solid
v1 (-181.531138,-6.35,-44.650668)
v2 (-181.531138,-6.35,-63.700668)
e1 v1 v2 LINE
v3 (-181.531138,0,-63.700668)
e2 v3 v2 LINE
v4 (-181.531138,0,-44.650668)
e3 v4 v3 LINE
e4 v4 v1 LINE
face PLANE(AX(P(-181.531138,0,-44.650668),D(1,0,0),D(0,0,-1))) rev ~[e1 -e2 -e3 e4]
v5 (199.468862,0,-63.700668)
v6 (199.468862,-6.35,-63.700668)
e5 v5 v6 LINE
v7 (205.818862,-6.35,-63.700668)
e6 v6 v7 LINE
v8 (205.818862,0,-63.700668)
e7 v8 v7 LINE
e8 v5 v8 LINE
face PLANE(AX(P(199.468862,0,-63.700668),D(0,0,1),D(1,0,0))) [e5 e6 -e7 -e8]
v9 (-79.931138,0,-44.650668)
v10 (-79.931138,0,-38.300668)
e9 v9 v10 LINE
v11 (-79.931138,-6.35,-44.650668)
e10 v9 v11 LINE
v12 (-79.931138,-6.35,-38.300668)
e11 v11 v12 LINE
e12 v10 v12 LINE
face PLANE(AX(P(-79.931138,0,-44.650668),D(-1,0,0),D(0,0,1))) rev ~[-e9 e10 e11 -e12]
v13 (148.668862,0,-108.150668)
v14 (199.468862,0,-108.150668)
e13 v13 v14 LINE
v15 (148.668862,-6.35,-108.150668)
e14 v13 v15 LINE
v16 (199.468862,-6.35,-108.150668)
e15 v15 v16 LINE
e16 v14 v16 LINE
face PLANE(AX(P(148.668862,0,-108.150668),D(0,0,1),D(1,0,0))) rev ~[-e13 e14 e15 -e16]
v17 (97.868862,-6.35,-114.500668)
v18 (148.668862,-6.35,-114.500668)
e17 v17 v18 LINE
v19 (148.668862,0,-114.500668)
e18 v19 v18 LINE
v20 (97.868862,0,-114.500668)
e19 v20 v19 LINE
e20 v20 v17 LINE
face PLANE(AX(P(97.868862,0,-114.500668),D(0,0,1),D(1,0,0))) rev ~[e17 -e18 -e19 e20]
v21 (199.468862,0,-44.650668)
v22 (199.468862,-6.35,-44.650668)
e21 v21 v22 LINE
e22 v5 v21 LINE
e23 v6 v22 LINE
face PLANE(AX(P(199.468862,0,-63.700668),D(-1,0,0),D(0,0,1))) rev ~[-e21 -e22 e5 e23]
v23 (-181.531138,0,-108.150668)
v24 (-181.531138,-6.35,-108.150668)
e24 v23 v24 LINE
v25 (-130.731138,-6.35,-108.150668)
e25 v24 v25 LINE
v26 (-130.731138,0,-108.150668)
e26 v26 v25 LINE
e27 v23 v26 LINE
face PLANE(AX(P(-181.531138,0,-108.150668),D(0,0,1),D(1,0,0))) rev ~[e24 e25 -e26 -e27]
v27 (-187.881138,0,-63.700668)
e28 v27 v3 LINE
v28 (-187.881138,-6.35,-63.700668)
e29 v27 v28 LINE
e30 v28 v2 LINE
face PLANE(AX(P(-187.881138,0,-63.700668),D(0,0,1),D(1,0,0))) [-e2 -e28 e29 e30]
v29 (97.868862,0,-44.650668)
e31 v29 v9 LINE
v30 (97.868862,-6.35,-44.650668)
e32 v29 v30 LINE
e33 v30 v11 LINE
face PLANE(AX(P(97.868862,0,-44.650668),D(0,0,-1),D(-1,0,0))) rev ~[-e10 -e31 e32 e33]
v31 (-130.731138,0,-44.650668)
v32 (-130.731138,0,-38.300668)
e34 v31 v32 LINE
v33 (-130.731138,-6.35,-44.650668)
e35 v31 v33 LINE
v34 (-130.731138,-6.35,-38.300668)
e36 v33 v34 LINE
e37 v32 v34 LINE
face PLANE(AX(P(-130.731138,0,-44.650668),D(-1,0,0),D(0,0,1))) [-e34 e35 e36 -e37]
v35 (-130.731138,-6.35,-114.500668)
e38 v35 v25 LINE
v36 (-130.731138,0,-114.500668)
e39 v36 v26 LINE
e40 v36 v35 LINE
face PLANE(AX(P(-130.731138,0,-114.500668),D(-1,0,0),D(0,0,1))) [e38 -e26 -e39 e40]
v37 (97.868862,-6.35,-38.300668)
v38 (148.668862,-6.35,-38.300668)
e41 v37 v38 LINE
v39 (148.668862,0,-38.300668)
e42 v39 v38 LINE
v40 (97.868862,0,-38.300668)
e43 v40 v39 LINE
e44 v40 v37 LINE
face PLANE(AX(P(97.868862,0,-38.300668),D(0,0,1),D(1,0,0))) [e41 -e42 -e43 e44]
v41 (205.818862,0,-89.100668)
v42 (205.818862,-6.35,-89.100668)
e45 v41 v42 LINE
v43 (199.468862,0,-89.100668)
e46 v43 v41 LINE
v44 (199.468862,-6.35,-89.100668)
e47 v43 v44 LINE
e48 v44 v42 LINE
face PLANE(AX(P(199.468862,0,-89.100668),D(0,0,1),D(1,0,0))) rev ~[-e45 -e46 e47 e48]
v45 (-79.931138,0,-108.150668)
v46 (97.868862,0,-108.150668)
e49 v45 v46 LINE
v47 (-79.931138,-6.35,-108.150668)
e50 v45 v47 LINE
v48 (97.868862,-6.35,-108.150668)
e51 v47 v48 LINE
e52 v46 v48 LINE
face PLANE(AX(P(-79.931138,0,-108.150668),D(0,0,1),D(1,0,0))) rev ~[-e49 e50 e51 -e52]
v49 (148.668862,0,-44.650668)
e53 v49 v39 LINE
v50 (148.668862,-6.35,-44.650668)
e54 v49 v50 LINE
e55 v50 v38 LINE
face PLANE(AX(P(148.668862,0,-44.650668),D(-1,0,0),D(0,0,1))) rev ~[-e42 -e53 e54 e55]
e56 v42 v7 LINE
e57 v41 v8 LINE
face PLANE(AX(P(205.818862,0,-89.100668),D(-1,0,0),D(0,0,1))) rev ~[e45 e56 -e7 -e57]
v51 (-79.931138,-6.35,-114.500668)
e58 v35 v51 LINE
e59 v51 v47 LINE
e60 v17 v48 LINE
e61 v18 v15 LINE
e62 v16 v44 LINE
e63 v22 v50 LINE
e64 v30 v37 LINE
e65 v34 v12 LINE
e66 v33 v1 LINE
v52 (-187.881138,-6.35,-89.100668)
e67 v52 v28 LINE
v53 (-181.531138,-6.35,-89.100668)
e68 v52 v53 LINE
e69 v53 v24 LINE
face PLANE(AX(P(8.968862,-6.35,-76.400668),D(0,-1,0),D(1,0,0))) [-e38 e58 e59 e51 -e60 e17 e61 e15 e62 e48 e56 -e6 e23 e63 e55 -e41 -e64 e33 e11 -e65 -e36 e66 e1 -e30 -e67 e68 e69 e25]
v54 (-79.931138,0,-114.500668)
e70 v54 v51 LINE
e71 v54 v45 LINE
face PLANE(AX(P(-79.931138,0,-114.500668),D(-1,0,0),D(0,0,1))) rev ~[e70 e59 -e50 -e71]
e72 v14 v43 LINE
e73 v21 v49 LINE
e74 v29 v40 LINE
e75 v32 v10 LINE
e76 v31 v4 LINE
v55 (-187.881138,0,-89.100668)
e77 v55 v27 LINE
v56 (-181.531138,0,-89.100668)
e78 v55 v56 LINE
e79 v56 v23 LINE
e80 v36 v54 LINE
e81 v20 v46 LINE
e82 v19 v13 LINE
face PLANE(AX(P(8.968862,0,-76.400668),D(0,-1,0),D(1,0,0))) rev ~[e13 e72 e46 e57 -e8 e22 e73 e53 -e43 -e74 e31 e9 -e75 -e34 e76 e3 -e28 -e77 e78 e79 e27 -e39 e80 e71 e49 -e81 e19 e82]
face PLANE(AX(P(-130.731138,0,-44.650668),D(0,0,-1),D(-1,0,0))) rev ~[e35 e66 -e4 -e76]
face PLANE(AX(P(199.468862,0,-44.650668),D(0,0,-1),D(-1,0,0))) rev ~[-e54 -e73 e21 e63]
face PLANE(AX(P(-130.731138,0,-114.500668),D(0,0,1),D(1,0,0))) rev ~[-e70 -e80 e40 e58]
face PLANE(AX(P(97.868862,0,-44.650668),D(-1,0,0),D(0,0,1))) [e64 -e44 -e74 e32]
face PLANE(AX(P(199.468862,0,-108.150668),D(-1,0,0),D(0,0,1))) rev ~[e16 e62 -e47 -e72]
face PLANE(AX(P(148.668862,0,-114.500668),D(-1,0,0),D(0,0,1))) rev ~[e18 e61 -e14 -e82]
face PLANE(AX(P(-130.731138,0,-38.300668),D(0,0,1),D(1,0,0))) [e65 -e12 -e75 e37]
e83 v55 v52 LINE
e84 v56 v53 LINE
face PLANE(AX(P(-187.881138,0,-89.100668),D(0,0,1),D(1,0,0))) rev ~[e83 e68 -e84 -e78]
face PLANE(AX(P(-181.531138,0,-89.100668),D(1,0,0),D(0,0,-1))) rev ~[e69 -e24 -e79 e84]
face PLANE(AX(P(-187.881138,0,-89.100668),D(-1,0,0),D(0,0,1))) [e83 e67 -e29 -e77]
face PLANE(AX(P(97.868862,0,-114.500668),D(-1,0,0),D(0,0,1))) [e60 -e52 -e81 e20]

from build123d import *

# Parameters (mm, degrees)
F0_W     = 50.8
F0_H     = 6.35
F0_W_2   = 6.35
F0_H_2   = 25.4
F1_DEPTH = 6.35


with BuildPart() as f1:
    # F0 (on Front) → F1 (new body)
    with BuildSketch(Plane.XZ):
        Polygon((-181.531138, -89.100668), (-181.531138, -108.150668), (-130.731138, -108.150668), (-79.931138, -108.150668), (97.868862, -108.150668), (148.668862, -108.150668), (199.468862, -108.150668), (199.468862, -89.100668), (199.468862, -63.700668), (199.468862, -44.650668), (148.668862, -44.650668), (97.868862, -44.650668), (-79.931138, -44.650668), (-130.731138, -44.650668), (-181.531138, -44.650668), (-181.531138, -63.700668), align=None)
        with Locations((-105.331138, -41.475668)):
            Rectangle(F0_W, F0_H)
        with Locations((-184.706138, -76.400668)):
            Rectangle(F0_W_2, F0_H_2)
        with Locations((-105.331138, -111.325668)):
            Rectangle(F0_W, F0_H)
        with Locations((123.268862, -111.325668)):
            Rectangle(F0_W, F0_H)
        with Locations((123.268862, -41.475668)):
            Rectangle(F0_W, F0_H)
        with Locations((202.643862, -76.400668)):
            Rectangle(F0_W_2, F0_H_2)
    extrude(amount=F1_DEPTH)


solid = f1.part
